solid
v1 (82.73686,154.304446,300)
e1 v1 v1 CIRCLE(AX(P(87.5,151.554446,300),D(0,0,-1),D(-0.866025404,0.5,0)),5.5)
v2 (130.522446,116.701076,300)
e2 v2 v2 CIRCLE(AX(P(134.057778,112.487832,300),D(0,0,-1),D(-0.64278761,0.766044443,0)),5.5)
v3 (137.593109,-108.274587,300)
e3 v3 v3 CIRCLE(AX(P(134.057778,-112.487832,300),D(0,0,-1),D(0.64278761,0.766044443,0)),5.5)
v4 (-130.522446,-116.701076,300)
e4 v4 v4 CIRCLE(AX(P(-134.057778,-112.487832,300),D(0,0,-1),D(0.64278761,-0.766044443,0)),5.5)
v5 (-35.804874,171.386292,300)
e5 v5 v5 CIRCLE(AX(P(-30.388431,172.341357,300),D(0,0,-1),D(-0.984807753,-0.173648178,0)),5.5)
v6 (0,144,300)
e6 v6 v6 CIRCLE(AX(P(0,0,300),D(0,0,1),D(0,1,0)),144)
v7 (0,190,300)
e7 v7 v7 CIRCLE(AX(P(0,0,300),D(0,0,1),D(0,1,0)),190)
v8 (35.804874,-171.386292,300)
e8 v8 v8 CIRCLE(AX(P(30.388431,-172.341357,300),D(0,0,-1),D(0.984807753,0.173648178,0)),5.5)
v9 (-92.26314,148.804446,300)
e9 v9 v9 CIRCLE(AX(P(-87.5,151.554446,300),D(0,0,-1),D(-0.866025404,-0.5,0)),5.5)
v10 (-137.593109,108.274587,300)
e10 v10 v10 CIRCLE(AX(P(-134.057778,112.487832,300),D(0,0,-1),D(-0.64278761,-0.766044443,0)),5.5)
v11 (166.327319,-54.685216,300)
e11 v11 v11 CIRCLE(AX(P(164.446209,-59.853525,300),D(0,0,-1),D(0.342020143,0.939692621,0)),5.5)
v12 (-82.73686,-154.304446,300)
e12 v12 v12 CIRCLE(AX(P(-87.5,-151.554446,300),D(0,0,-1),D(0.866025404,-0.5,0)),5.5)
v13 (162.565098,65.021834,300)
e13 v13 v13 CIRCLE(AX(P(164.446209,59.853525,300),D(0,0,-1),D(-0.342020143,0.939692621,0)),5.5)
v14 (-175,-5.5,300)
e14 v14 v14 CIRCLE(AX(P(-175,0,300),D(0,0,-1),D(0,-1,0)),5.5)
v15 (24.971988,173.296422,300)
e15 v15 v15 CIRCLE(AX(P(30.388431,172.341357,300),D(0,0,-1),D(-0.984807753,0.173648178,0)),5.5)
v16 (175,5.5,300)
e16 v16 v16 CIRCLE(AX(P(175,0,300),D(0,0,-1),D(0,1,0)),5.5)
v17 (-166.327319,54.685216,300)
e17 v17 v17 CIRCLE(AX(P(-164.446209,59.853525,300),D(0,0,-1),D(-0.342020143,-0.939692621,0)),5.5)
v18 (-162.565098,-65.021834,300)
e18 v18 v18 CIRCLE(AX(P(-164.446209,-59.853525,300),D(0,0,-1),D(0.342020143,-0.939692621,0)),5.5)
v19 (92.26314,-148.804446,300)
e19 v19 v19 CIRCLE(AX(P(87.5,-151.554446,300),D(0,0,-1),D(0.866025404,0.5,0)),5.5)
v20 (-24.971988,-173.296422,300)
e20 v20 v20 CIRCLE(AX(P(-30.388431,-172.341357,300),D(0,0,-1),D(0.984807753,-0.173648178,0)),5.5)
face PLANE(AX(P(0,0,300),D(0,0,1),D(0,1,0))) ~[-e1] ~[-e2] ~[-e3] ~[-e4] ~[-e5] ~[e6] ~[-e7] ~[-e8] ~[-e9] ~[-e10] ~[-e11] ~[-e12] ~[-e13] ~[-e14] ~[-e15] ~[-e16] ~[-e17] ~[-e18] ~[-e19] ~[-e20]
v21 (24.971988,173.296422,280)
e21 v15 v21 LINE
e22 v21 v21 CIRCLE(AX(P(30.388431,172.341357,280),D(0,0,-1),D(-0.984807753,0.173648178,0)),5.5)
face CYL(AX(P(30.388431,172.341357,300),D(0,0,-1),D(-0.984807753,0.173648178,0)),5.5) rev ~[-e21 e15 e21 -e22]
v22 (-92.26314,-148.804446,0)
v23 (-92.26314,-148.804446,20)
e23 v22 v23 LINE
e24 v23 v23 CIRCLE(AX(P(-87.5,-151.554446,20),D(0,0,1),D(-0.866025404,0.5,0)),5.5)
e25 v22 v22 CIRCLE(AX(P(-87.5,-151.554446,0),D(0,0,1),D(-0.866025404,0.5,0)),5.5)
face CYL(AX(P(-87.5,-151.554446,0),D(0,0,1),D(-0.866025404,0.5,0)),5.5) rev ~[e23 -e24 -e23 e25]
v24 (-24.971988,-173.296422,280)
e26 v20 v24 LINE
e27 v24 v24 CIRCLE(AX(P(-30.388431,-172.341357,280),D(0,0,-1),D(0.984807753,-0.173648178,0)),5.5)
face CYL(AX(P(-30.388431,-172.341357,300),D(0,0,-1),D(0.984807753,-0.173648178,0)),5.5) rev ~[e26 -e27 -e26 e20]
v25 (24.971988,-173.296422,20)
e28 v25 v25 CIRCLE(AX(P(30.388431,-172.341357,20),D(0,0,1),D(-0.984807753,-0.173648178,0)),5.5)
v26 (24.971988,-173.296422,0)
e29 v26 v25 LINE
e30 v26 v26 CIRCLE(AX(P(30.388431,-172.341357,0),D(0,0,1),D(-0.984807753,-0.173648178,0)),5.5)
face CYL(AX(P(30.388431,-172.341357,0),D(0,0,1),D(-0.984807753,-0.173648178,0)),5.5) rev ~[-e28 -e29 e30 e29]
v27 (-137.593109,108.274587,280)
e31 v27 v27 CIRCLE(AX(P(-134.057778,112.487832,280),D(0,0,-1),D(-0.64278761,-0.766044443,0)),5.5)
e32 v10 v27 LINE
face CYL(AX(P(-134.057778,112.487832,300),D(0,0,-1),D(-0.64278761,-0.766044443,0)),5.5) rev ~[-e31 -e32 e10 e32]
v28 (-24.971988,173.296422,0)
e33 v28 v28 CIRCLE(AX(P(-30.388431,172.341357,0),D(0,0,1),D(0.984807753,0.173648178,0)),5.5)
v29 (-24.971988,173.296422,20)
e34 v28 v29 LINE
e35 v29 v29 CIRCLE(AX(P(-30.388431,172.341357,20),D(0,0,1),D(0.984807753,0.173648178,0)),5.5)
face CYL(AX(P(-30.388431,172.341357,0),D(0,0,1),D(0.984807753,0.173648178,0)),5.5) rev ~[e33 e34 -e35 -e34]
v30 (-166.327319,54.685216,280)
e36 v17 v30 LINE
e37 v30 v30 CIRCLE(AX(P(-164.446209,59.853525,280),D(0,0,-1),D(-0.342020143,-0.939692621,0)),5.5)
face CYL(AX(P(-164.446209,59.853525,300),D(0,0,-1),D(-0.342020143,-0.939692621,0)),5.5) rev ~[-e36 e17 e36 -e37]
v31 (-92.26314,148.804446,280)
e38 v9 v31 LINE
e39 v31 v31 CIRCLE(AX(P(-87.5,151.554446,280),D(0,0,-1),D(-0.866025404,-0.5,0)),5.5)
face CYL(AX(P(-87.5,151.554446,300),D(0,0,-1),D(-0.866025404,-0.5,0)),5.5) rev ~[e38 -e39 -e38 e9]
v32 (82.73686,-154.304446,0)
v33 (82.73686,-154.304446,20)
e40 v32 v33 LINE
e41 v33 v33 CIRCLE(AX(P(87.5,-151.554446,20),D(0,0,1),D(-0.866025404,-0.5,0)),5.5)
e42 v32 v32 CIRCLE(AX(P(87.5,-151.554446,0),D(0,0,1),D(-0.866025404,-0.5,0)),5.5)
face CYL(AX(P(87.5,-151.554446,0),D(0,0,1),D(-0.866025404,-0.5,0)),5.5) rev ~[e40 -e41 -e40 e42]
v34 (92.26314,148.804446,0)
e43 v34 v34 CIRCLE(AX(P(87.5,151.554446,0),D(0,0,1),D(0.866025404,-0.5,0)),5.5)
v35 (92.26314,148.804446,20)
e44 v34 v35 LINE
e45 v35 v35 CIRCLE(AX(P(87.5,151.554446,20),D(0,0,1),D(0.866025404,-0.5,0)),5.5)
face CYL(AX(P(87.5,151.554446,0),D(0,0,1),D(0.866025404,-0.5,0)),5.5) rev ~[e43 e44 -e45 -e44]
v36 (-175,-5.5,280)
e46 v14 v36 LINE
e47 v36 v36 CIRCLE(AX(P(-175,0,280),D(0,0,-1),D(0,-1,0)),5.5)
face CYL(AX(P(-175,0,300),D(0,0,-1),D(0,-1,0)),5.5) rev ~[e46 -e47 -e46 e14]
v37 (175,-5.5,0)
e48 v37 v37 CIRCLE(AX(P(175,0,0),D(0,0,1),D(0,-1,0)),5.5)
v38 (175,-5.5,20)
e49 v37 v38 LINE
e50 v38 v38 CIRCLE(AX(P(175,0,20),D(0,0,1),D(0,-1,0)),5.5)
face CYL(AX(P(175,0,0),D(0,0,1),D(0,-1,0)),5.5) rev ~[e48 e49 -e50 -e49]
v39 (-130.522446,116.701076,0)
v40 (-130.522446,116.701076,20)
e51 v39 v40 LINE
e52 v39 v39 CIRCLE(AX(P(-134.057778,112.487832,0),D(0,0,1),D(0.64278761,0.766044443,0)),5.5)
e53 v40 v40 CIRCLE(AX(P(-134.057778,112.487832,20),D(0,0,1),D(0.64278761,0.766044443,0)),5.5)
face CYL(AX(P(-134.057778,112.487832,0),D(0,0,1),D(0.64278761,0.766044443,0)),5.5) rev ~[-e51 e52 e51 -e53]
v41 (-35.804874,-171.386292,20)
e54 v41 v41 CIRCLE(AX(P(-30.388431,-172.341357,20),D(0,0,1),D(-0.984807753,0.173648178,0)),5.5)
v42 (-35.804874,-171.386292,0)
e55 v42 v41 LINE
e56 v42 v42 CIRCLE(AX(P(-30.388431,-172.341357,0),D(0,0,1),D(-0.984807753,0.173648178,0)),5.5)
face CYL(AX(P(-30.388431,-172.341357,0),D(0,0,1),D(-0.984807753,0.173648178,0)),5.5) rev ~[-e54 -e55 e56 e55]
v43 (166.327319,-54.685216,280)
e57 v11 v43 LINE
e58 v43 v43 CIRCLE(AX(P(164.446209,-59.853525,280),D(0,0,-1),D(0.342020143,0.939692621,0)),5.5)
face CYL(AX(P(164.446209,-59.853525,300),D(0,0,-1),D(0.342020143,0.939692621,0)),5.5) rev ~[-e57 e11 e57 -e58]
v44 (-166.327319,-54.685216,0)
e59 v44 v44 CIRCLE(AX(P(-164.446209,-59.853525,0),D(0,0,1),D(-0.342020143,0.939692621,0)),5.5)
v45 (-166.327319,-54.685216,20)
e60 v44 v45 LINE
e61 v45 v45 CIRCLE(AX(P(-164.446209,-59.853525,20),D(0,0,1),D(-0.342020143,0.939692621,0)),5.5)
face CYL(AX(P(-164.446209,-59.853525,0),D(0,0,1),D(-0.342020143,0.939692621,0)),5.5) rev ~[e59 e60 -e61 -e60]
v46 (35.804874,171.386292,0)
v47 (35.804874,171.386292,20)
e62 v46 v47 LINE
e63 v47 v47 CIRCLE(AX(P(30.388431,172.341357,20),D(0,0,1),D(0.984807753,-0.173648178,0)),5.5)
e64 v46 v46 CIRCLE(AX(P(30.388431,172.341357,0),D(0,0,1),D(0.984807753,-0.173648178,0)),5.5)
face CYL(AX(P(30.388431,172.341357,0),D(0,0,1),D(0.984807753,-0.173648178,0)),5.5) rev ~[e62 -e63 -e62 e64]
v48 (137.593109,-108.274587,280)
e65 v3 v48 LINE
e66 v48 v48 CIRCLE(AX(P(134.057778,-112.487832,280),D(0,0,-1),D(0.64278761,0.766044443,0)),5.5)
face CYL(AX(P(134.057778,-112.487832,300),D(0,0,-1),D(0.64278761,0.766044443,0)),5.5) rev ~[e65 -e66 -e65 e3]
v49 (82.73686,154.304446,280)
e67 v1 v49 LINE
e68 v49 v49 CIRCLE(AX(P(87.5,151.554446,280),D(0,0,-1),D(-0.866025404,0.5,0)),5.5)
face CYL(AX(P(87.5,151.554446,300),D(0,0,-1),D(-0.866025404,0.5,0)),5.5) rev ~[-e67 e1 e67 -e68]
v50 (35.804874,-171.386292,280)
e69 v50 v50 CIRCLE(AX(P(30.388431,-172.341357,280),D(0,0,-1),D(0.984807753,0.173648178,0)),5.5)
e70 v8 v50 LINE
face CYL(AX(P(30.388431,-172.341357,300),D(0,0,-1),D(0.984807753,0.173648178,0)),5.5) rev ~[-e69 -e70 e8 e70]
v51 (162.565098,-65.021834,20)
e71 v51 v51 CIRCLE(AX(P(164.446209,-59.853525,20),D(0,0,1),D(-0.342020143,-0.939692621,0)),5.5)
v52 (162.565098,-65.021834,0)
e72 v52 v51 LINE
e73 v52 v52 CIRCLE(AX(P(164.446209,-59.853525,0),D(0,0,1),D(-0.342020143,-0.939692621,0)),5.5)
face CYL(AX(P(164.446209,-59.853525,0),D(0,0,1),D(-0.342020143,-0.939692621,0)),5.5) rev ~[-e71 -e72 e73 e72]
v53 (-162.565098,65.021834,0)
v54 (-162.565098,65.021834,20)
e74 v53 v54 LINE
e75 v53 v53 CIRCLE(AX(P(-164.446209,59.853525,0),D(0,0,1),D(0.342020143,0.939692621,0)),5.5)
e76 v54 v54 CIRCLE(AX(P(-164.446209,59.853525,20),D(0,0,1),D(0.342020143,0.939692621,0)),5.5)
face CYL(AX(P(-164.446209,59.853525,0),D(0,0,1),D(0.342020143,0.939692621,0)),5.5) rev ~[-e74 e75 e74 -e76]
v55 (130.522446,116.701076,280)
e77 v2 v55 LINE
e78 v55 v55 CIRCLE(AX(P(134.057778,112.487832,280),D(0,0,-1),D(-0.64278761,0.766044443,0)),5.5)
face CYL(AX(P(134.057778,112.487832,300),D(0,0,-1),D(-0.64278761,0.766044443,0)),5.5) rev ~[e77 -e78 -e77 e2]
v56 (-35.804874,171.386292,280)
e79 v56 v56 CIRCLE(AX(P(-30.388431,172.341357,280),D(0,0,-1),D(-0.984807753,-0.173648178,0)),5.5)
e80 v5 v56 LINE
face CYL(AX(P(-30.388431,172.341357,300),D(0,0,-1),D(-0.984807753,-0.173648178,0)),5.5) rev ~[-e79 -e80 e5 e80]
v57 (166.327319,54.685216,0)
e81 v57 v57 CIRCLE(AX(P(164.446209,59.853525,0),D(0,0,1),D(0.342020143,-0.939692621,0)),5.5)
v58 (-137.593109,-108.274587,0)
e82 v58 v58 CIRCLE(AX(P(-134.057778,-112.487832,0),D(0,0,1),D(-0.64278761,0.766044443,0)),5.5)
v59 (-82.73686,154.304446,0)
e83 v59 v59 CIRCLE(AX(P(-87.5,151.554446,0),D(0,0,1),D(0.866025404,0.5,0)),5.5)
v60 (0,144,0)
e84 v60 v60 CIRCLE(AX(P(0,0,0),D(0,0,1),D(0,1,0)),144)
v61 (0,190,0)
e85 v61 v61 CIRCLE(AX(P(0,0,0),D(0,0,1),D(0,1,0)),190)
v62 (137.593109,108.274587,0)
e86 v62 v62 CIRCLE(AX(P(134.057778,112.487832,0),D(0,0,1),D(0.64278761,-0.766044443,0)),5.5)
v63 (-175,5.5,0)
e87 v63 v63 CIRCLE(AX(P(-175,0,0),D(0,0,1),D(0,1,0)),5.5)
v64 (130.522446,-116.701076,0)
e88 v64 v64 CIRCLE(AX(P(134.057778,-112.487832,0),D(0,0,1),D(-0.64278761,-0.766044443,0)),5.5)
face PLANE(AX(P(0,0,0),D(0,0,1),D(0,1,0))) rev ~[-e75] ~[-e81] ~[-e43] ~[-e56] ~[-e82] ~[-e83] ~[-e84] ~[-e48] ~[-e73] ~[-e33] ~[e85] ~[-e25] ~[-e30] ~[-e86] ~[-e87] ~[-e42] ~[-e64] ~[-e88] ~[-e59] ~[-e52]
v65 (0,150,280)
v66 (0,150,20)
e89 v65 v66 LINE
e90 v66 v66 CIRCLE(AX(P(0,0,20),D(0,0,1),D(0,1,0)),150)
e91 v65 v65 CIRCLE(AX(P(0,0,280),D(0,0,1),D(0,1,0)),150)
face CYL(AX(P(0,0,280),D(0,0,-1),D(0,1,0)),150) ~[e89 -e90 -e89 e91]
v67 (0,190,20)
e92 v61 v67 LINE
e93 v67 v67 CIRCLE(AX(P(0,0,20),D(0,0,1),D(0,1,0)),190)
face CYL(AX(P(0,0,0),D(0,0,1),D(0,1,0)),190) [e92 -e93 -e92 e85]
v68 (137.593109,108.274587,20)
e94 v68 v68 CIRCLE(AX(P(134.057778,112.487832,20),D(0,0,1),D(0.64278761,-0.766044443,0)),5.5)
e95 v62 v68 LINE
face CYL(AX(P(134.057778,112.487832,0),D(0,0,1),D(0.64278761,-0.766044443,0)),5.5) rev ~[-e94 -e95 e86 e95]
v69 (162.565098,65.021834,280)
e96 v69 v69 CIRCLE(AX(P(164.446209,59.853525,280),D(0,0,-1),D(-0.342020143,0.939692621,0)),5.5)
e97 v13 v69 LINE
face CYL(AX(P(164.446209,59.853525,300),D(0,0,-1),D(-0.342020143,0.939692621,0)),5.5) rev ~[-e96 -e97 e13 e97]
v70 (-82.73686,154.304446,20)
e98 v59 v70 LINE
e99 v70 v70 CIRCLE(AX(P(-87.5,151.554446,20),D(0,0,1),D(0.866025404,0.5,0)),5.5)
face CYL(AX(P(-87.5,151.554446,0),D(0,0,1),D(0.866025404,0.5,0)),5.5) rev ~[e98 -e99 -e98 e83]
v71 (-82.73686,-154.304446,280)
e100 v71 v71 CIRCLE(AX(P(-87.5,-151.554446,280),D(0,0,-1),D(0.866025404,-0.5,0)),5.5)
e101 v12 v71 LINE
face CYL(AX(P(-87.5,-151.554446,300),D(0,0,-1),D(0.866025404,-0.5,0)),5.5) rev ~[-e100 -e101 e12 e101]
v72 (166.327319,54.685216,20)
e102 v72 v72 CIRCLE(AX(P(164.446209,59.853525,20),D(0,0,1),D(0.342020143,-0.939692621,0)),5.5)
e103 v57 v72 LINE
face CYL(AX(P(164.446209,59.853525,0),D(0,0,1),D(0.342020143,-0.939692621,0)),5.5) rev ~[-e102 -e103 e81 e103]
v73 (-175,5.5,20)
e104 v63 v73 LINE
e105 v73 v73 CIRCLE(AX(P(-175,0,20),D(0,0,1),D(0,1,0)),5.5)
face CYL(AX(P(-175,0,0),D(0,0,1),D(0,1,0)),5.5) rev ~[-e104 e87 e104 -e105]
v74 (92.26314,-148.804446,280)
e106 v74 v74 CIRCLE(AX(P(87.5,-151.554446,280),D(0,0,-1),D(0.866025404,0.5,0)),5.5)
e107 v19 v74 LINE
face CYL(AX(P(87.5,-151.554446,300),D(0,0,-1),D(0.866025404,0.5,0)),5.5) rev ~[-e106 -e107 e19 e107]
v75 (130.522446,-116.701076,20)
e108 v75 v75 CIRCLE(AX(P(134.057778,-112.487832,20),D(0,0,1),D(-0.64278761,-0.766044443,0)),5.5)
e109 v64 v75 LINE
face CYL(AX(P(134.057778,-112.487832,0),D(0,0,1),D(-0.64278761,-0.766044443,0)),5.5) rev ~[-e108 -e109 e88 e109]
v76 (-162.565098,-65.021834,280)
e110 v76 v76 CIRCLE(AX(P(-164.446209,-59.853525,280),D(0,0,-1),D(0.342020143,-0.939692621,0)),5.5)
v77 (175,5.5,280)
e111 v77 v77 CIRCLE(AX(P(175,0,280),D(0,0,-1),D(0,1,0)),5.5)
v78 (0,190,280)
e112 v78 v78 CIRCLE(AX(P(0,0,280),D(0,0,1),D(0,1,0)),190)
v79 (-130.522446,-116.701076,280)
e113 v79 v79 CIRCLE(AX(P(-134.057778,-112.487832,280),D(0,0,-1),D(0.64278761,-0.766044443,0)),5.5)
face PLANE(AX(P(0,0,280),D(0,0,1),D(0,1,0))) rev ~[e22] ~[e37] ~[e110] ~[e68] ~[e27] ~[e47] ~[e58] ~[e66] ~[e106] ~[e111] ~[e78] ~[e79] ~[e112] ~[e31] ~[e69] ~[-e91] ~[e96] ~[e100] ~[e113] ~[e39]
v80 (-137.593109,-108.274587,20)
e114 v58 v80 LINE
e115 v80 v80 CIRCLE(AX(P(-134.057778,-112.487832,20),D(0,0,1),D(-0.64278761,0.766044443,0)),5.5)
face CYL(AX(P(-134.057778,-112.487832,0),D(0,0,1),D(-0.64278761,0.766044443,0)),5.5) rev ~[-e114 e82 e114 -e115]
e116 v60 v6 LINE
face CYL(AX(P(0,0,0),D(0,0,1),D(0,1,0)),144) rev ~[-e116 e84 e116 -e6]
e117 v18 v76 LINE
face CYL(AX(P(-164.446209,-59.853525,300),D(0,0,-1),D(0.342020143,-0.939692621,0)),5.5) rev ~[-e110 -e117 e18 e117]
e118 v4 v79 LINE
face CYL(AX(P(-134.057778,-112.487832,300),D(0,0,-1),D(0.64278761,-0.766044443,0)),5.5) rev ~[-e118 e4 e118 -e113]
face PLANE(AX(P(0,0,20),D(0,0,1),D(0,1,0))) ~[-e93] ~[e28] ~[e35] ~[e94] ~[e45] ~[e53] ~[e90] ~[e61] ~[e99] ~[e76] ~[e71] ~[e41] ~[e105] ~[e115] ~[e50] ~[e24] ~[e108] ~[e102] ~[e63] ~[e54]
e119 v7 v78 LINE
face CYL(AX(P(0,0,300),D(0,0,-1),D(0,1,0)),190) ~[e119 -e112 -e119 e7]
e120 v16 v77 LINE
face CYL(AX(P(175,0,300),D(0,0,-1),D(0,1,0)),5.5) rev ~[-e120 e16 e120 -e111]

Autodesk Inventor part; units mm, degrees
ref_plane "YZ Plane" through (0, 0, 0) normal (1, 0, 0) x (0, 1, 0)
ref_plane "XZ Plane" through (0, 0, 0) normal (0, 1, 0) x (-1, 0, 0)
ref_plane "XY Plane" through (0, 0, 0) normal (0, 0, 1) x (1, 0, 0)
sketch "Skizze1" plane through (0, 0, 0) normal (1, 0, 0) x (0, 1, 0)
  line L0 (190, 0) -> (144, 0)
  line L1 (144, 0) -> (144, 300)
  line L2 (144, 300) -> (190, 300)
  line L3 (190, 300) -> (190, 280)
  line L4 (190, 0) -> (190, 20)
  line L5 (163.8, 300) -> (190, 300)
  line L6 (0, 0) -> (0, 300)
  line L7 (190, 280) -> (150, 280)
  line L8 (150, 280) -> (150, 20)
  line L9 (150, 20) -> (190, 20)
  dimension "d0" = 46
  dimension "d1" = 300
  dimension "d2" = 46
  dimension "d3" = 20
  dimension "d9" = 300
  dimension "d48" = 40
revolve "Umdrehung1" add sketch "Skizze1" angle 360 about axis through (0, 0, 0) along (0, 0, 1)
sketch "Skizze3" plane through (0, 0, 0) normal (0, 0, -1) x (-1, 0, 0)
  circle A0 centre (175, 0) radius 5.5 projected
  point P0 (0, 0)
hole "Bohrung2" at (-175, 0, 0) direction (0, 0, 1) diameter 11 depth 25 tip angle 118
pattern_circular "Runde Anordnung2" count 18 over 360 about axis through (0, 0, 150) along (0, 0, -1) of "Bohrung2"
sketch "Skizze12" plane through (0, 0, 300) normal (0, 0, 1) x (1, 0, 0)
  point P0 (0, 0)
  point P1 (-175, 0)
  dimension "d51" = 175
hole "Bohrung3" at (-175, 0, 300) direction (0, 0, -1) diameter 11 depth 30 tip angle 118
pattern_circular "Runde Anordnung3" count 18 over 360 about axis through (0, 0, -10) along (0, 0, 1) of "Bohrung3"
properties part number "Reaktor" material "PET-Kunststoff"
